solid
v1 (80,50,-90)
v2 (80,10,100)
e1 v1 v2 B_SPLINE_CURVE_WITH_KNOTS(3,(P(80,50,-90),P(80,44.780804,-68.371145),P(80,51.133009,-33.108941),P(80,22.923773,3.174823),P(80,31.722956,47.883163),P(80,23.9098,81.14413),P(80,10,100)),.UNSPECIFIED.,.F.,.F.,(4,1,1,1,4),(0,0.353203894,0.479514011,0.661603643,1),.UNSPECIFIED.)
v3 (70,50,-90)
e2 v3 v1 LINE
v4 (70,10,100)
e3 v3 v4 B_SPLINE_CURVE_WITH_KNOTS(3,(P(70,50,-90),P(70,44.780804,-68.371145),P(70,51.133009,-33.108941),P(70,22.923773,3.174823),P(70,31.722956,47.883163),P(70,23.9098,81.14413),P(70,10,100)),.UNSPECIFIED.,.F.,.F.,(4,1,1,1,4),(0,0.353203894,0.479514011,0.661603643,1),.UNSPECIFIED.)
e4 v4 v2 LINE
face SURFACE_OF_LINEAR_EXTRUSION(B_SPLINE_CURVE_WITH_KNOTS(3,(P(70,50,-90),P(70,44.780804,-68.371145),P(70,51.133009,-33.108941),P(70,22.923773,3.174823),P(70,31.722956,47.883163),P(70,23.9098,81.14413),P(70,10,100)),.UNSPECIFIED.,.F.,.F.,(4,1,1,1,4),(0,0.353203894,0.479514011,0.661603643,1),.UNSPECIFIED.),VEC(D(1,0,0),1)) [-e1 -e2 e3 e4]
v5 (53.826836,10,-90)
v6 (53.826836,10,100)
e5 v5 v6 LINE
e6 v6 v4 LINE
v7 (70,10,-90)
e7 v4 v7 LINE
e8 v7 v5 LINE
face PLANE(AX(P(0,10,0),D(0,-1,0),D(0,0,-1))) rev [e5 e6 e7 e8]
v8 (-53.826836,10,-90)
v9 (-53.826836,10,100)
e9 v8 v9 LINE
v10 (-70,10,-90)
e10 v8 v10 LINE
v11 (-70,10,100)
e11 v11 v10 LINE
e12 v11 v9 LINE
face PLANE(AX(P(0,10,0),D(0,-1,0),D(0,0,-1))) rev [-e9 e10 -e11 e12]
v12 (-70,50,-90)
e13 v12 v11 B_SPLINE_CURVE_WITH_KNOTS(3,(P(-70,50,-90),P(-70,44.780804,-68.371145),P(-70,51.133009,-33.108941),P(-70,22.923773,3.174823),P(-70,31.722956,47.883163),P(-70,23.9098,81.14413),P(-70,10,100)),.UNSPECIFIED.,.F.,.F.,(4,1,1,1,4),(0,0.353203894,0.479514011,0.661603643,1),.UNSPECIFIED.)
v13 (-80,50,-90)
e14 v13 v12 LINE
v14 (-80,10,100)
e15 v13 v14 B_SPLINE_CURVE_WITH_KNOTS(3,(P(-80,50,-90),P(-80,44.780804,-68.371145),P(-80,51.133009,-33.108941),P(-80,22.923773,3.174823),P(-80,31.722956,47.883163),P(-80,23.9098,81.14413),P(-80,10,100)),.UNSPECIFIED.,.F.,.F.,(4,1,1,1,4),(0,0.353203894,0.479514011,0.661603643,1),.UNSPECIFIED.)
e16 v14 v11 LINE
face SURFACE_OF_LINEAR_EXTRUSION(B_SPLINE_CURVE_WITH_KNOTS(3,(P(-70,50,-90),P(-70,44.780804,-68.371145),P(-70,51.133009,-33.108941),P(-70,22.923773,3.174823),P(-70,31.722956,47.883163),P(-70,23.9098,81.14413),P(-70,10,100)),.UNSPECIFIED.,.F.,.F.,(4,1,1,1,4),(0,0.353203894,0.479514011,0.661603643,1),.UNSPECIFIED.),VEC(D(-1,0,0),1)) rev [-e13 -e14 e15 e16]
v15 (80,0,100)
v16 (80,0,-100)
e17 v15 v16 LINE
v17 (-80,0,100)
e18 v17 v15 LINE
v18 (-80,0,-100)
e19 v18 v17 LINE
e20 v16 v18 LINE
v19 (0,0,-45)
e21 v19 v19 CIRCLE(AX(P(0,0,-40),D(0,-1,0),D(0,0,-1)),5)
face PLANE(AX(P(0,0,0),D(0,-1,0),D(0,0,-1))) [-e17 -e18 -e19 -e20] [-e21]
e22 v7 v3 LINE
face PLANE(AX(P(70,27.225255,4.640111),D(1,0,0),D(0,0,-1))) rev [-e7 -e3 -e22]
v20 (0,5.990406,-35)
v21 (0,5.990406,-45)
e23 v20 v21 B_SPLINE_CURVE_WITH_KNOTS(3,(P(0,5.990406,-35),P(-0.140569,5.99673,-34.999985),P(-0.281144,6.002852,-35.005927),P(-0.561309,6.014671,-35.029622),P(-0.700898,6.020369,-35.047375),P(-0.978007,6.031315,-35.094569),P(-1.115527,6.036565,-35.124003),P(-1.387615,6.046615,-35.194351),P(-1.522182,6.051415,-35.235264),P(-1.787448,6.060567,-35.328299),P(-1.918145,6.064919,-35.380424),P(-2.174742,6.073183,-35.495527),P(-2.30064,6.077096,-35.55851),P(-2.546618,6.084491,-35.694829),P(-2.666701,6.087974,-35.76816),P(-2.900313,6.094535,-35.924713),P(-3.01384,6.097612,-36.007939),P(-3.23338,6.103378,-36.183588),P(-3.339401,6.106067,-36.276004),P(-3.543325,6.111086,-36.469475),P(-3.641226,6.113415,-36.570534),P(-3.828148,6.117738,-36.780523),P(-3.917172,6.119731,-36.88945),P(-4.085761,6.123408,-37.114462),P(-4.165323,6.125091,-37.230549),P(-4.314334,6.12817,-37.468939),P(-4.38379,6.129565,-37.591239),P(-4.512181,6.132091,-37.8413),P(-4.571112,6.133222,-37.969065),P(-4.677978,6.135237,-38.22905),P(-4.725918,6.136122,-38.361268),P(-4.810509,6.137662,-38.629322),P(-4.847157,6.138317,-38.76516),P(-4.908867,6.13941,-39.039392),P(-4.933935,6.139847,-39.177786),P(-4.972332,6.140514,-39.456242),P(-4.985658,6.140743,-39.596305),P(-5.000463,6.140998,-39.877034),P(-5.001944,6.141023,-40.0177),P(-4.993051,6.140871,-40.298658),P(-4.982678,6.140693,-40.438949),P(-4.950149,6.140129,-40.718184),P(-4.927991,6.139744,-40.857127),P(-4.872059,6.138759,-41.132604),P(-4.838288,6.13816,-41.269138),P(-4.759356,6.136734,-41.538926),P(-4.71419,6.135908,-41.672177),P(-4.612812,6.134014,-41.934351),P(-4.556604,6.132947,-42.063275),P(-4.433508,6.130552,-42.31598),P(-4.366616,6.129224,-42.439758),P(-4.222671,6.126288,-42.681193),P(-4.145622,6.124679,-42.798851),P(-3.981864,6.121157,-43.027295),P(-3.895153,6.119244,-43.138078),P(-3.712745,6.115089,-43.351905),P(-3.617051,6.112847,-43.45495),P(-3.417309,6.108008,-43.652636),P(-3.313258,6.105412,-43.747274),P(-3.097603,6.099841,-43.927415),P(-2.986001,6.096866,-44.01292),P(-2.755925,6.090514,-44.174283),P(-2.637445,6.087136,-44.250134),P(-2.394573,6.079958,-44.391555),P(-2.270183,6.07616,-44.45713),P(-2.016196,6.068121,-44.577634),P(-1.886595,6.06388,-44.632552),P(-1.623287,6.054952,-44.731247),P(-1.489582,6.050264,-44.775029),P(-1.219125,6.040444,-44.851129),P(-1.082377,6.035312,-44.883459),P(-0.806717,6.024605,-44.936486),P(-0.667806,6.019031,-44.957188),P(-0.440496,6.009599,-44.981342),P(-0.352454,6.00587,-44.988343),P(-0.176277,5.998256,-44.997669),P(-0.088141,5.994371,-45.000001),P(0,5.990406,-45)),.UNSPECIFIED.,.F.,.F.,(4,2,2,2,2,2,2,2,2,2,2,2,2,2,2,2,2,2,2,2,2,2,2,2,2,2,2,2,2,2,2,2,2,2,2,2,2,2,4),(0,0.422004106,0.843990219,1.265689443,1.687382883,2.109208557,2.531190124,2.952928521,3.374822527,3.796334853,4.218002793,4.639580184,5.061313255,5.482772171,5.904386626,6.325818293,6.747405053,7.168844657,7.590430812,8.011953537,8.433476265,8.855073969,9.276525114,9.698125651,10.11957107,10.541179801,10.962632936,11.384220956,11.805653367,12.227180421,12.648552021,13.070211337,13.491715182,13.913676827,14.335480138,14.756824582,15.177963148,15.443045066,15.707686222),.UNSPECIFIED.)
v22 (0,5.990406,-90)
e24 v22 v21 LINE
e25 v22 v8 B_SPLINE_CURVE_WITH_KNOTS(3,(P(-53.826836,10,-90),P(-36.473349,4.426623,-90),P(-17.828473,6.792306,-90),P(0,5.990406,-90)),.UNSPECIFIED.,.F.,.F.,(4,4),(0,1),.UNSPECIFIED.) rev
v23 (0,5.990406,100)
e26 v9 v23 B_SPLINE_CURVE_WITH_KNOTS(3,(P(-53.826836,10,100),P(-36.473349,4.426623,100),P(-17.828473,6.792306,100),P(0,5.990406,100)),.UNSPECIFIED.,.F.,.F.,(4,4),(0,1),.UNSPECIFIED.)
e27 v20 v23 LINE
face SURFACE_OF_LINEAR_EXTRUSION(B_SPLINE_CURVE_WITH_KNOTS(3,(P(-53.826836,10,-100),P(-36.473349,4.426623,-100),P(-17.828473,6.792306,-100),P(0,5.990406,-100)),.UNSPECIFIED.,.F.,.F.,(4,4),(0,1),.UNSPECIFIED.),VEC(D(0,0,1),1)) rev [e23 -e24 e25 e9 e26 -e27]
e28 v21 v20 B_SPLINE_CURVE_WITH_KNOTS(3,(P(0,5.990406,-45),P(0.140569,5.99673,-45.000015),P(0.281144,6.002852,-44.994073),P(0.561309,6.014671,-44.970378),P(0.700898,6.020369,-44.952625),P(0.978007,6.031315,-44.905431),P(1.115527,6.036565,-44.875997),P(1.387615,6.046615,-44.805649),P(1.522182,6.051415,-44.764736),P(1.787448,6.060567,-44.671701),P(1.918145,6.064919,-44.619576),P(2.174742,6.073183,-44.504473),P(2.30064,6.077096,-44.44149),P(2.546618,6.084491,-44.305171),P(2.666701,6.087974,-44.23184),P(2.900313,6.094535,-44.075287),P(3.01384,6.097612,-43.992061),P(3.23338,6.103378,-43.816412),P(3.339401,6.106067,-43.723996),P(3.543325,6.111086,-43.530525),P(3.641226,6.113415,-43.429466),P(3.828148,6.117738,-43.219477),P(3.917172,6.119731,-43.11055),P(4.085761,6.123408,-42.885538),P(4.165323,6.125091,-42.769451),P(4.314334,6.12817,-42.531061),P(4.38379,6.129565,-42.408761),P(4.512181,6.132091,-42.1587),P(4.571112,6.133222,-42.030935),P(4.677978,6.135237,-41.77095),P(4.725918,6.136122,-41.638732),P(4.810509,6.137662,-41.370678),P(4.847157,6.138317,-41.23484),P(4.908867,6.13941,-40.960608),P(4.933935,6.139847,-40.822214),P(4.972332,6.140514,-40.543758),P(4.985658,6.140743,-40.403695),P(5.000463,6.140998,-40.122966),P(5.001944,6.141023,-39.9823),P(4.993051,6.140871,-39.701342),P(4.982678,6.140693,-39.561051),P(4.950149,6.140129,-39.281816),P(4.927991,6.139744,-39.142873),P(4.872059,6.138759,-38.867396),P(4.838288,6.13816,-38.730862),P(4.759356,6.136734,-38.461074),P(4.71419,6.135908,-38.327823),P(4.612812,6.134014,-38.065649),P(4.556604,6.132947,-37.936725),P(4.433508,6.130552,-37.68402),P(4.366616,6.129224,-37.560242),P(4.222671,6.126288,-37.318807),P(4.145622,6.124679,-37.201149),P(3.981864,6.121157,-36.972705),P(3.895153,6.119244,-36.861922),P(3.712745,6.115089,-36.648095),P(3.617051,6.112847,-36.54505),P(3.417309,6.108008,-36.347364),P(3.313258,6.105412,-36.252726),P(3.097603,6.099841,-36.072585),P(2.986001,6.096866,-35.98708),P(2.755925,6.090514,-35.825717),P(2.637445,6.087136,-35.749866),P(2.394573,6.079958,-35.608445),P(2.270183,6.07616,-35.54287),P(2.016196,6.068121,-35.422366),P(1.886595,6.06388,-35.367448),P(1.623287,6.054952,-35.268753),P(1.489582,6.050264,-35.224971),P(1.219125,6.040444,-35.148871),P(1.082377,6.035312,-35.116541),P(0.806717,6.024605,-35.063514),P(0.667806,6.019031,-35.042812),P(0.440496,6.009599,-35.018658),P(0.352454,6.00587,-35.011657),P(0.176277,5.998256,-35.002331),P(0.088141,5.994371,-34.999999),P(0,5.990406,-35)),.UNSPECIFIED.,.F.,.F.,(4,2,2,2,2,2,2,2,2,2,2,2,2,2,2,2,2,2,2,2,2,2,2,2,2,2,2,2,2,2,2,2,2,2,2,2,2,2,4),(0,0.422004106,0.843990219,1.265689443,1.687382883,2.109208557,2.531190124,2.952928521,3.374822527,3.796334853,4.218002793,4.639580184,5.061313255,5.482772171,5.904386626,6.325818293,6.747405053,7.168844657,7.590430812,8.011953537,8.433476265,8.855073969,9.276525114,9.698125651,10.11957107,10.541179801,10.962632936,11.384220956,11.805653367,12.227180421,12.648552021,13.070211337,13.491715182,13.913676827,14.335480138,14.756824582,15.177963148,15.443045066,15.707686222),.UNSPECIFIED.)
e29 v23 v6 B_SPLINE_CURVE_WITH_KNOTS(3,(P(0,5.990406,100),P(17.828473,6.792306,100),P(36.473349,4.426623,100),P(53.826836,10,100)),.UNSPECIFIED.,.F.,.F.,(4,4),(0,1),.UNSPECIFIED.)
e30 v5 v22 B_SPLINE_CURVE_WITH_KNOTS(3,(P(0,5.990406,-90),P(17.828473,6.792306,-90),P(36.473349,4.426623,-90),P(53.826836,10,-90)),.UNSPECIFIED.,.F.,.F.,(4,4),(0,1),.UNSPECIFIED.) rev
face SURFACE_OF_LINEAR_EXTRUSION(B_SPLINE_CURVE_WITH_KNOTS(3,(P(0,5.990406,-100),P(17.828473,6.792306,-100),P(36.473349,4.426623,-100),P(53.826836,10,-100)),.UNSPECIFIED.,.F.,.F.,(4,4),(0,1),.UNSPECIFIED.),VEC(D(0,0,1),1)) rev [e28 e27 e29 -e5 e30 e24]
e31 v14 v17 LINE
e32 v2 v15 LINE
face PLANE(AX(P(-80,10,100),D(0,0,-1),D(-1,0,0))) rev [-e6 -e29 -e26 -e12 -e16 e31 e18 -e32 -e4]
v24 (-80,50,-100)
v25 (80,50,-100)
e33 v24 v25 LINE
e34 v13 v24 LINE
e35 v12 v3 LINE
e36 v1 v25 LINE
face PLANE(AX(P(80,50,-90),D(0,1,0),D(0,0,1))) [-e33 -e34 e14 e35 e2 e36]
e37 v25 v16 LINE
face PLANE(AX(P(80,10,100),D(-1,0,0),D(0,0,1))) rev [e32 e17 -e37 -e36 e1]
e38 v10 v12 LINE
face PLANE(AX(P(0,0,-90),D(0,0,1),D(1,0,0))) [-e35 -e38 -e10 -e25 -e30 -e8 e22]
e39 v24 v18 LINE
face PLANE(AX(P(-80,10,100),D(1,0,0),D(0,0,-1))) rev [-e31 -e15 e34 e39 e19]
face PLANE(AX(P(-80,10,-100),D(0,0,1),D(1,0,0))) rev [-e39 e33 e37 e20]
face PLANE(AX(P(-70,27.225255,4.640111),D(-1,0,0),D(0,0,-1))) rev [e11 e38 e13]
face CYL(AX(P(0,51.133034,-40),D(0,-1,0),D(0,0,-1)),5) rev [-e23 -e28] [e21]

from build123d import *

# Parameters (mm, degrees)
CROQUIS2_W              = 160
CROQUIS2_H              = 200
SALIENTE_EXTRUIR1_DEPTH = 10
CORTAR_EXTRUIR1_DEPTH   = 216.638586528
SALIENTE_EXTRUIR2_DEPTH = 10
SALIENTE_EXTRUIR3_DEPTH = 10
CROQUIS6_R              = 5
CORTAR_EXTRUIR2_DEPTH   = 138.477271016


with BuildPart() as part:
    # Croquis2 → Saliente-Extruir1 (new body)
    with BuildSketch(Plane(origin=(0, 0, 0), x_dir=(1, 0, 0), z_dir=(0, 1, 0))):
        Rectangle(CROQUIS2_W, CROQUIS2_H)
    extrude(amount=SALIENTE_EXTRUIR1_DEPTH)

    # Croquis3 → Cortar-Extruir1 (cut, through all)
    with BuildSketch(Plane.XY.offset(100)):
        with BuildLine():
            Line((-53.826836436, 10), (53.826836436, 10))
            add(Edge.make_bspline(
                [(53.826836436, 10), (36.473349227, 4.426622659), (17.82847287, 6.792306247), (0, 5.99040599)],
                knots=[0, 0, 0, 0, 1, 1, 1, 1], degree=3))
            add(Edge.make_bspline(
                [(-53.826836436, 10), (-36.473349227, 4.426622659), (-17.82847287, 6.792306247), (0, 5.99040599)],
                knots=[0, 0, 0, 0, 1, 1, 1, 1], degree=3))
        make_face()
    extrude(amount=-CORTAR_EXTRUIR1_DEPTH, mode=Mode.SUBTRACT)

    # Croquis4 → Saliente-Extruir2 (add)
    with BuildSketch(Plane(origin=(0, 0, -100), x_dir=(-1, 0, 0), z_dir=(0, 0, -1))):
        Polygon((-80, 10), (-80, 50), (80, 50), (80, 10), (80, 0), (-80, 0), align=None)
    extrude(amount=-SALIENTE_EXTRUIR2_DEPTH)

    # Croquis5 → Saliente-Extruir3 (add)
    with BuildSketch(Plane(origin=(80, 0, 0), x_dir=(0, 0, -1), z_dir=(1, 0, 0))):
        with BuildLine():
            Line((-100, 10), (90, 10))
            Line((90, 10), (90, 50))
            add(Edge.make_bspline(
                [(-100, 10), (-81.144129562, 23.909799652), (-47.883162984, 31.722955742), (-3.174822516, 22.923773002), (33.108941454, 51.133009448), (68.371145219, 44.780803963), (90, 50)],
                knots=[0, 0, 0, 0, 0.338396357, 0.520485989, 0.646796106, 1, 1, 1, 1], degree=3))
        make_face()
    saliente_extruir3 = extrude(amount=-SALIENTE_EXTRUIR3_DEPTH)

    # Simetría1: Saliente-Extruir3 across plane
    add(saliente_extruir3.mirror(Plane(origin=(0, 0, 0), x_dir=(0, 0, 1), z_dir=(1, 0, 0))))

    # Croquis6 → Cortar-Extruir2 (cut, through all)
    with BuildSketch(Plane.XZ):
        with Locations(Location((0, -40, 0), (0, 0, 270))):
            Circle(CROQUIS6_R)
    extrude(amount=-CORTAR_EXTRUIR2_DEPTH, mode=Mode.SUBTRACT)


solid = part.part
